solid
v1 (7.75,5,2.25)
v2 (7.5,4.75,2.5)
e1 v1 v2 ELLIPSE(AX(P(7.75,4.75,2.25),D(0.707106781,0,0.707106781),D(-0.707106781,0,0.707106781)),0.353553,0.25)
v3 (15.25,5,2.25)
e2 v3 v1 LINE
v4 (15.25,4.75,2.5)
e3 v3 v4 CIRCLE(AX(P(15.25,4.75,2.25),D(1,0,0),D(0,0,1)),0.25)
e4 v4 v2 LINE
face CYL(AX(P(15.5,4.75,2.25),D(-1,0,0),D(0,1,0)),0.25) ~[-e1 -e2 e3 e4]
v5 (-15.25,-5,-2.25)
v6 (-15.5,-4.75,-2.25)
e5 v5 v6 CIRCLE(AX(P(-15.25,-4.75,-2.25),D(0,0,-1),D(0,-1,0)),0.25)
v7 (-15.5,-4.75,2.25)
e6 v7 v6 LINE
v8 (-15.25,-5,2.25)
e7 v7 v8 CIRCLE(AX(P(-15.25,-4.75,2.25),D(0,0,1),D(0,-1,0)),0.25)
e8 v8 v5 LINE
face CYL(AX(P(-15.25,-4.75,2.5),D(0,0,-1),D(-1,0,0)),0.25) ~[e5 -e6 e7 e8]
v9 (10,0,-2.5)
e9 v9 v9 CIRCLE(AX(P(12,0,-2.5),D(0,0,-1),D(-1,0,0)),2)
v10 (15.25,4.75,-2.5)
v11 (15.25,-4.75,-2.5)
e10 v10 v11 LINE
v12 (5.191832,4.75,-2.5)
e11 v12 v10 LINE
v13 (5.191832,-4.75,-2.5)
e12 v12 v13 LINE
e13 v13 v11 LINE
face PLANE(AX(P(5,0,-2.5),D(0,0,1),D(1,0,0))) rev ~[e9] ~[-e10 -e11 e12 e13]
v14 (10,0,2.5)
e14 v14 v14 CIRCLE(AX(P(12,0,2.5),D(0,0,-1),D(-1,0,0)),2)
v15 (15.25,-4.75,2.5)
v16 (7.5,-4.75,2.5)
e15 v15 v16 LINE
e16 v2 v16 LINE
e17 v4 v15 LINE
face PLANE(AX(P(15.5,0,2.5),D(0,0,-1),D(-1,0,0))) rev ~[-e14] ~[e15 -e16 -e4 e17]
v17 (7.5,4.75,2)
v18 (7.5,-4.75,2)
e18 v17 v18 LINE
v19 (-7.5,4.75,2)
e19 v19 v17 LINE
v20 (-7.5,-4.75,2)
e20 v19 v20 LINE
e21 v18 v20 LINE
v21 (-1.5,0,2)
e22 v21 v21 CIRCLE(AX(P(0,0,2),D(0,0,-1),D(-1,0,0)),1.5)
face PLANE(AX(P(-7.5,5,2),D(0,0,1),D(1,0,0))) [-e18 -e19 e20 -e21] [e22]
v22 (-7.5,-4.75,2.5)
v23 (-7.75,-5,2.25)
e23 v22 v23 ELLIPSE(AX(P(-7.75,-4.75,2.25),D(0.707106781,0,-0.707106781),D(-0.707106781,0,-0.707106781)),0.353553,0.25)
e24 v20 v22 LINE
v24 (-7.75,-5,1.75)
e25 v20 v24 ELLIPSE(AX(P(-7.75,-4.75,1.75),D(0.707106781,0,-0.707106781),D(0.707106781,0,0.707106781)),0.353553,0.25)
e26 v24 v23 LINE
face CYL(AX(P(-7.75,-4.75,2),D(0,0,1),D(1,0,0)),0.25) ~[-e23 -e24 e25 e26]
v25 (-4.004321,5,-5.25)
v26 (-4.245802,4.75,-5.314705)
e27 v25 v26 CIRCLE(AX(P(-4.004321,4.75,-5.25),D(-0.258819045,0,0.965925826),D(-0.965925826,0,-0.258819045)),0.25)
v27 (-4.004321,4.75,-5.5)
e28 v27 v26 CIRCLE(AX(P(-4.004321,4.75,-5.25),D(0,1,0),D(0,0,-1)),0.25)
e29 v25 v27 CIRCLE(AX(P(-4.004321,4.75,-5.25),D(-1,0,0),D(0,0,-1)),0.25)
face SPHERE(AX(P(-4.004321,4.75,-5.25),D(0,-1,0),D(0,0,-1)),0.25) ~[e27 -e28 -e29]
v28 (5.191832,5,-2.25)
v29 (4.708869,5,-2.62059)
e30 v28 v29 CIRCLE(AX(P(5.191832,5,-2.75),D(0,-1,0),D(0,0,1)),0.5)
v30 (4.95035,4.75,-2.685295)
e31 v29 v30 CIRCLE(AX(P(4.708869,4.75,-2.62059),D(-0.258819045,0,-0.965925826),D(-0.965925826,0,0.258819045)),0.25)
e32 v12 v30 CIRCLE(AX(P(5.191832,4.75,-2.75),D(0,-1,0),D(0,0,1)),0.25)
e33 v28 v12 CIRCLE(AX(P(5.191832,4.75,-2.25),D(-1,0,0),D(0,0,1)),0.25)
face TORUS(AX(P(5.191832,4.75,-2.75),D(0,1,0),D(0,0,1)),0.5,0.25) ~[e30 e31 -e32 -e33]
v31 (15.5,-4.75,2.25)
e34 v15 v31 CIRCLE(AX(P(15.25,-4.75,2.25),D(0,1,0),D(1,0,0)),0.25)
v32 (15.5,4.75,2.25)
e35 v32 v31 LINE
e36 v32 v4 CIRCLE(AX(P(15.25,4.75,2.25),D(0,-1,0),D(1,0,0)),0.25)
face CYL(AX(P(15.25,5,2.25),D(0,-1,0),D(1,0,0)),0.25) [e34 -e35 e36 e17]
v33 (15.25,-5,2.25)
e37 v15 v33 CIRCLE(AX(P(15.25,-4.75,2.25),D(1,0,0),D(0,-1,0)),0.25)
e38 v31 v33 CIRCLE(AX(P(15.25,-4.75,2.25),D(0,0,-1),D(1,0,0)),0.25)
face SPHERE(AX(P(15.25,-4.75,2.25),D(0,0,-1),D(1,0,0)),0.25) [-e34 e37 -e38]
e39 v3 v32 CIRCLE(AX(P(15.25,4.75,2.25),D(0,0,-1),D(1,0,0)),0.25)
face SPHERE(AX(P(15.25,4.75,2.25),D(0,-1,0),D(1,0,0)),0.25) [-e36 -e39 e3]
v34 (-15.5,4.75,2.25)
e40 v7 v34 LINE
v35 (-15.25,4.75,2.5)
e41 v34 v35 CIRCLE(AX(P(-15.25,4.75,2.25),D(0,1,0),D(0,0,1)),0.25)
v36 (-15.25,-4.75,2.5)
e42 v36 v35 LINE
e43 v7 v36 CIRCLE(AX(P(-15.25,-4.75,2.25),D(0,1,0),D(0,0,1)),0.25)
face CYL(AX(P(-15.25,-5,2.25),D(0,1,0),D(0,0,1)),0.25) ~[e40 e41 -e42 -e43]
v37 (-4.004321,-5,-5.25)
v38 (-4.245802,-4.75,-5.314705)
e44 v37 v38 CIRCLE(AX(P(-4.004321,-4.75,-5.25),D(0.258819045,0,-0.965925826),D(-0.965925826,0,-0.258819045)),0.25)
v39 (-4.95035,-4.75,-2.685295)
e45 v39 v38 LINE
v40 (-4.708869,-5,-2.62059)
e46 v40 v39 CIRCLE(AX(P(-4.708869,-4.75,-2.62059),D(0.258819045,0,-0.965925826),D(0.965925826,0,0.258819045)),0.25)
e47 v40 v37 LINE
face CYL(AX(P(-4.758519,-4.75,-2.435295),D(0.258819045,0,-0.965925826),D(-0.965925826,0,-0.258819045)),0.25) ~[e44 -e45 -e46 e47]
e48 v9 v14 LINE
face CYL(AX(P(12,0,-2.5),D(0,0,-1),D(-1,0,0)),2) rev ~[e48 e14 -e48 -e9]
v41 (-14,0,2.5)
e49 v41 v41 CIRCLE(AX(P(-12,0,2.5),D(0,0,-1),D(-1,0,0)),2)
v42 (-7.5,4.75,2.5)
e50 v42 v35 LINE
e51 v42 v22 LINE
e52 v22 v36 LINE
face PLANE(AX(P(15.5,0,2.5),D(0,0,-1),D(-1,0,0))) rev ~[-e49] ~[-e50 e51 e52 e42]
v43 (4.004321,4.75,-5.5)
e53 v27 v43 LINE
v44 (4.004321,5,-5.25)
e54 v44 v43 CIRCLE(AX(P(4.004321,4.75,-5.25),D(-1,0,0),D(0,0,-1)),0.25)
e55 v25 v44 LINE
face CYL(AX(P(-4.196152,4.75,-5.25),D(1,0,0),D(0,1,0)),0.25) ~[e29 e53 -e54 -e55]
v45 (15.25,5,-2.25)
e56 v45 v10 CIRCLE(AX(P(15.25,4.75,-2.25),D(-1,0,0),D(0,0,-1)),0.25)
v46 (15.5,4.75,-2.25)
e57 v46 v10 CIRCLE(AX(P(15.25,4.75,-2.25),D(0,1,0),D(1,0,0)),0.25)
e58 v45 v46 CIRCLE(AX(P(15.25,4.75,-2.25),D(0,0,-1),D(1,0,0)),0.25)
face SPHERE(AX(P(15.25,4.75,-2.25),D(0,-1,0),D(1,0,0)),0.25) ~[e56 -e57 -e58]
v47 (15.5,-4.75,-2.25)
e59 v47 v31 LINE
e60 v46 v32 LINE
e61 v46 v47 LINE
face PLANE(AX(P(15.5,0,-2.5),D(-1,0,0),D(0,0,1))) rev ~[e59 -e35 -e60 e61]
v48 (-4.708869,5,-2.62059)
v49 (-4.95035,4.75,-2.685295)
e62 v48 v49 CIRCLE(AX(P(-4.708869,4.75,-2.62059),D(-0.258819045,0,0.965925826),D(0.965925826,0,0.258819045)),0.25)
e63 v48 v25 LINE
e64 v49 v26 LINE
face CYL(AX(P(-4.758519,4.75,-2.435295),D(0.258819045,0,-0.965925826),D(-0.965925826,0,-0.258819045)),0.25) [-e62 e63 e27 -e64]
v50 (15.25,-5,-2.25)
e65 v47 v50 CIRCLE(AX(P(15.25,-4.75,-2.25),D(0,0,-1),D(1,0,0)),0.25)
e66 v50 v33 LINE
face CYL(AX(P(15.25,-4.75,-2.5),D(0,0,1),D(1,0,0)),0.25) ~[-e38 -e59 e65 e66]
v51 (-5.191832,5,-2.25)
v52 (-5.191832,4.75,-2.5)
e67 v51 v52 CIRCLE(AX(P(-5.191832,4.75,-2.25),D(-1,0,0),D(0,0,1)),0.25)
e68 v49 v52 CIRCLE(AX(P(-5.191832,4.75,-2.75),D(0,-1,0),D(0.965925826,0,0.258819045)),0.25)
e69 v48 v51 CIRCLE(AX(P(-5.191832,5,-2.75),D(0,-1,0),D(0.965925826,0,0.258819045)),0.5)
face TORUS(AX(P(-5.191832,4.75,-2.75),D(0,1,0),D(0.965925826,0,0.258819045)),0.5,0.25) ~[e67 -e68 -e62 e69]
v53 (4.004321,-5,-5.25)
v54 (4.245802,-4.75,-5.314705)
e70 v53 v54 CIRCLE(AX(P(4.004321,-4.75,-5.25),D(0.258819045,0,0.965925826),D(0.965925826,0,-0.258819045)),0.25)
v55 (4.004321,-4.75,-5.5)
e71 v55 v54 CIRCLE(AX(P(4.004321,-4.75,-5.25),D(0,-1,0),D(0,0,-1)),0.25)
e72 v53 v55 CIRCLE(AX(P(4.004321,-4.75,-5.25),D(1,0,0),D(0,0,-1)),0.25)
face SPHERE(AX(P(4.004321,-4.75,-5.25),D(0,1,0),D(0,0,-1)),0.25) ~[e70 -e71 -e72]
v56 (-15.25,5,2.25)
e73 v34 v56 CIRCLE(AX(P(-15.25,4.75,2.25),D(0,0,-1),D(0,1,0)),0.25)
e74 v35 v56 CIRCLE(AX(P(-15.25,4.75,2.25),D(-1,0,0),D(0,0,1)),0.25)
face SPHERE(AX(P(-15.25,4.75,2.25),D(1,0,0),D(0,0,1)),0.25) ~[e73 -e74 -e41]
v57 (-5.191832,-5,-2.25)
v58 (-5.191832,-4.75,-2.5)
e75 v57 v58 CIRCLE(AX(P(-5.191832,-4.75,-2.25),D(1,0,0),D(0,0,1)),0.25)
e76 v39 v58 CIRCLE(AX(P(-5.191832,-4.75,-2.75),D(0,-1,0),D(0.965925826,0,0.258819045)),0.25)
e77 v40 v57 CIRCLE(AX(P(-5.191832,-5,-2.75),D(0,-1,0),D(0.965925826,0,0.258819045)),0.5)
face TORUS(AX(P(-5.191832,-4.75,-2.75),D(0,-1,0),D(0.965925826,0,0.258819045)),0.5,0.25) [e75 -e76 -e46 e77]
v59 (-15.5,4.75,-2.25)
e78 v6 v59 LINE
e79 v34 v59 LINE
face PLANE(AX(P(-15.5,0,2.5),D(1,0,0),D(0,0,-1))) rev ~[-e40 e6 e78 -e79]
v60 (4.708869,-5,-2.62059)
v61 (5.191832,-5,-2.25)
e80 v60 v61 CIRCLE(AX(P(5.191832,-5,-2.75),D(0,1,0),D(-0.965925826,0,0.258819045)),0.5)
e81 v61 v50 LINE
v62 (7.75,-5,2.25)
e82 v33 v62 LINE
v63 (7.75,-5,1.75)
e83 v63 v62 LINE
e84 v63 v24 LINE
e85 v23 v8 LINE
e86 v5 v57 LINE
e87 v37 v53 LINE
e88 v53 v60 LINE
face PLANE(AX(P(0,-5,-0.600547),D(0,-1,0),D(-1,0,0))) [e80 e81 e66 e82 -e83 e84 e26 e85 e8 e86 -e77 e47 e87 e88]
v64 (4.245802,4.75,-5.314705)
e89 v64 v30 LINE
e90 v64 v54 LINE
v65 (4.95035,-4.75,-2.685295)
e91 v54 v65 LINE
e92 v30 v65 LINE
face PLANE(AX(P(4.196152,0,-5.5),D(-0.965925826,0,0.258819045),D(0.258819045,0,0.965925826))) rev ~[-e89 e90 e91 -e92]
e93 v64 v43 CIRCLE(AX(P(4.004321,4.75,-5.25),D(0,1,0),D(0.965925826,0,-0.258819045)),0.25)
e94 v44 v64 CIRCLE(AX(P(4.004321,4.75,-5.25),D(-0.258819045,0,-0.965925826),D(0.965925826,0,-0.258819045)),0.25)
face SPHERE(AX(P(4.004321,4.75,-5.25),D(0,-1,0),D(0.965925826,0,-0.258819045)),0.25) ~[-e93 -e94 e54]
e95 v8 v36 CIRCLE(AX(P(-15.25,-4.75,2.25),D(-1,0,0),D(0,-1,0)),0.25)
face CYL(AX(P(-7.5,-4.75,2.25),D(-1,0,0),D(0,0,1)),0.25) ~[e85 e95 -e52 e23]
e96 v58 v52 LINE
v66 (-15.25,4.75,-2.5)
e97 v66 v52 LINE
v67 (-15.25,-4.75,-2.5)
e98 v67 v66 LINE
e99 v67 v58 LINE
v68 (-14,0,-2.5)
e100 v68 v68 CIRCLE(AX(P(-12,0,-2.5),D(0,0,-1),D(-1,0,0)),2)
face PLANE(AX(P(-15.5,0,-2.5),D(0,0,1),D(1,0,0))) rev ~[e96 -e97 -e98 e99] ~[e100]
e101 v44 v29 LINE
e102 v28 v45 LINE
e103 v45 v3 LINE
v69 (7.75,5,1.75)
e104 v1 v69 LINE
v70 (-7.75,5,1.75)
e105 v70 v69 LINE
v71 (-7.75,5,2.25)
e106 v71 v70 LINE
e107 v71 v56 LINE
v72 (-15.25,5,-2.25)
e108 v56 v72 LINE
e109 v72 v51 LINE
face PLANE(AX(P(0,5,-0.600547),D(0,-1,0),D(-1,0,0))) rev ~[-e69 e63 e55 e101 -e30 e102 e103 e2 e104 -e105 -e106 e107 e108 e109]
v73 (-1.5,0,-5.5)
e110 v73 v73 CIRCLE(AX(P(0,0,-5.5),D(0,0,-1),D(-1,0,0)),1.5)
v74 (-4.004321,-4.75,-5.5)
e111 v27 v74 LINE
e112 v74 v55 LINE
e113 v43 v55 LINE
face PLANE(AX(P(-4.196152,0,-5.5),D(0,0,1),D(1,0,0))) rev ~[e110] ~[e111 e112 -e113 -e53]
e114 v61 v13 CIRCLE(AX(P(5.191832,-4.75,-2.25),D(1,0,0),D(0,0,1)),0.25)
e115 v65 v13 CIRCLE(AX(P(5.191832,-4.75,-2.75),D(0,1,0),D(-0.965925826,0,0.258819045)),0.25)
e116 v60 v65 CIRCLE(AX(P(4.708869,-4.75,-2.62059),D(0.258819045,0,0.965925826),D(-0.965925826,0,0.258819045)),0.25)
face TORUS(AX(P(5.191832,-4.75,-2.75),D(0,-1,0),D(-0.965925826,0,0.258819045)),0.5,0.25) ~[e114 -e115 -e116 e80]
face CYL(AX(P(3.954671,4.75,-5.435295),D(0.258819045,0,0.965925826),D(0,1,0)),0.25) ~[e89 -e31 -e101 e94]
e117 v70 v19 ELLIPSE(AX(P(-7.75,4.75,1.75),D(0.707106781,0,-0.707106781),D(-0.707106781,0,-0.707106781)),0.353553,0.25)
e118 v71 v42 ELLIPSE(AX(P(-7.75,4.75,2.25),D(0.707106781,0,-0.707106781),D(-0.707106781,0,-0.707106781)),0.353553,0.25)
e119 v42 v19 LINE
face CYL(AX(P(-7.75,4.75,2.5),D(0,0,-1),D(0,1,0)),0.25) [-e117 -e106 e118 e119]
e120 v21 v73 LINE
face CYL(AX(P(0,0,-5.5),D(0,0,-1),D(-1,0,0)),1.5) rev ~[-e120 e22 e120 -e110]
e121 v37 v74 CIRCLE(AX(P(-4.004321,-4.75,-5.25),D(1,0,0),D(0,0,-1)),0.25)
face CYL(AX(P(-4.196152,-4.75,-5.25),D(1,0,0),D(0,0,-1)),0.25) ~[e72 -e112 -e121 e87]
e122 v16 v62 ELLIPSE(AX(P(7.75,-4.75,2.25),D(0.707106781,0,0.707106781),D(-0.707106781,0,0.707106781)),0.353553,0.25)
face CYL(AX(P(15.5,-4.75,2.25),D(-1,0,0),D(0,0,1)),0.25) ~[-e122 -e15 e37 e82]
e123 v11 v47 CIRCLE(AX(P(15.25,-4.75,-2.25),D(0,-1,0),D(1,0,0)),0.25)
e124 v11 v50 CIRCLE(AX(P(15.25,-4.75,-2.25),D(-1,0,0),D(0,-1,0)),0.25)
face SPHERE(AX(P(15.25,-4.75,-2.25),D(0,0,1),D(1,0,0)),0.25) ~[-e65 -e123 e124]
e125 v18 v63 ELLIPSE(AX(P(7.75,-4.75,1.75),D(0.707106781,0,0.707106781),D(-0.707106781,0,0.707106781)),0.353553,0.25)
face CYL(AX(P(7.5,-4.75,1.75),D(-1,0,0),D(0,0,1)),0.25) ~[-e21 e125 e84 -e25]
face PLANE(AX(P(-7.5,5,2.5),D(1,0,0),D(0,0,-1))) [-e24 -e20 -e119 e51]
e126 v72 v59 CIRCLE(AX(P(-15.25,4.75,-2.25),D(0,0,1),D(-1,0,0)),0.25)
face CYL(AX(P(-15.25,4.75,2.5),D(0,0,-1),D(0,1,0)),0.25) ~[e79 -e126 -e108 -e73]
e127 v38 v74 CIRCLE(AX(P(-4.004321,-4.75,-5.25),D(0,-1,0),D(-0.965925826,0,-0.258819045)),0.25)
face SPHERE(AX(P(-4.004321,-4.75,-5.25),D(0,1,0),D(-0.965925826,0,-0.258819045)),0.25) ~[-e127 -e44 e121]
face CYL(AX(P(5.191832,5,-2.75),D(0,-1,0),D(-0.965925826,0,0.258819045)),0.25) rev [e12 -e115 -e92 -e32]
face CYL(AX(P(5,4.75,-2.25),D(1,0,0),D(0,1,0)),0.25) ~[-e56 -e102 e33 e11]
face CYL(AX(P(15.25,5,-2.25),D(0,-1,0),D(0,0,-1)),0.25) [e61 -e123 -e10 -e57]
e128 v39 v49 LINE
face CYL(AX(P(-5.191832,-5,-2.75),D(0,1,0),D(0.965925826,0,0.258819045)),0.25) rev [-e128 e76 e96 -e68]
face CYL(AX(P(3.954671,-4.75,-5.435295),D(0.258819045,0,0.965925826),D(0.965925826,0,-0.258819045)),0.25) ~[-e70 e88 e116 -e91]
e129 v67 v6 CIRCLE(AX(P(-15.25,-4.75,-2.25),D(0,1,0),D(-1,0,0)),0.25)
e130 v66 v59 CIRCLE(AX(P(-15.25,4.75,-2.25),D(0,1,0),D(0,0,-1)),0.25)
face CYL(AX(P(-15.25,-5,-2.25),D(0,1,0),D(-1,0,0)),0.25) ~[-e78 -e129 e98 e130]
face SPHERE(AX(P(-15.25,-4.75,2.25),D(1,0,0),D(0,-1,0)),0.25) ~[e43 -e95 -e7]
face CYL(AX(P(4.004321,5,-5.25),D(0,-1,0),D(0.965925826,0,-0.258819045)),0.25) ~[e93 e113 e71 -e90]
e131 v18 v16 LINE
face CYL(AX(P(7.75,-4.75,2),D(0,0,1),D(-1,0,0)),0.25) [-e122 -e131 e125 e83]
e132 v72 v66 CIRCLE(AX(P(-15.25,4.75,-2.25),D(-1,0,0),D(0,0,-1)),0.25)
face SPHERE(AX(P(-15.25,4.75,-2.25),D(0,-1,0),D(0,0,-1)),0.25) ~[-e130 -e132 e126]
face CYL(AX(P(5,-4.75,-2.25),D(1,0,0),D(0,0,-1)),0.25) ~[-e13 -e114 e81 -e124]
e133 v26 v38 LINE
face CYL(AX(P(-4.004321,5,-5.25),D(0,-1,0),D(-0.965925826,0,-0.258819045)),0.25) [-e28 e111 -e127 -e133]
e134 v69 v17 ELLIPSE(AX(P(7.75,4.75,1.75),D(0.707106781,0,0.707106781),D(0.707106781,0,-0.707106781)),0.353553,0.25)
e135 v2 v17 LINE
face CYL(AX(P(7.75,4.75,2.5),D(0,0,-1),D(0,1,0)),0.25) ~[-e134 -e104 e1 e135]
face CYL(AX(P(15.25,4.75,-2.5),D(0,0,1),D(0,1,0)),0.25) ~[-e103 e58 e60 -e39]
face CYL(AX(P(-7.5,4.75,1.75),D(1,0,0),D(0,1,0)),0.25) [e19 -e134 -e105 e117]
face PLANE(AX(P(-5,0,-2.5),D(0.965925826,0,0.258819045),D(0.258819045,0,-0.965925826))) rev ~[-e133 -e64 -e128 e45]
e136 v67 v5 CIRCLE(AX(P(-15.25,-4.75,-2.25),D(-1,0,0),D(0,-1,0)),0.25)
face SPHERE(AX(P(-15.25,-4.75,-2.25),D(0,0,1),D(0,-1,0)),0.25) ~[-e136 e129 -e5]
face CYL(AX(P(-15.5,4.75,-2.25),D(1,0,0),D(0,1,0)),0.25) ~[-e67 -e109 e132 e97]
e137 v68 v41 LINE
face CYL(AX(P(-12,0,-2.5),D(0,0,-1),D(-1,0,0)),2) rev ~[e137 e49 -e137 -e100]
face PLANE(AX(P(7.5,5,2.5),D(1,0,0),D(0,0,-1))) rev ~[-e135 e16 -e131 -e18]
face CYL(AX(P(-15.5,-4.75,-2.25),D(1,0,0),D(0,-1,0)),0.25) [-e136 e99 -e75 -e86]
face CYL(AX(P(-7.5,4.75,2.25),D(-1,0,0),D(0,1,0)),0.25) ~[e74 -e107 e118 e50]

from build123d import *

# Parameters (mm, degrees)
BOSS_EXTRUDE1_DEPTH = 5
SKETCH2_W           = 15
SKETCH2_H           = 0.5
CUT_EXTRUDE1_DEPTH  = 20.248376555
SKETCH3_R           = 1.5
SKETCH3_R_2         = 2
CUT_EXTRUDE2_DEPTH  = 18.036725037
SKETCH4_R           = 1.5
CUT_EXTRUDE3_DEPTH  = 19.145247312
FILLET1_R           = 0.25


with BuildPart() as part:
    # Sketch1 → Boss-Extrude1 (new, symmetric)
    with BuildSketch(Plane(origin=(0, 0, 0), x_dir=(1, 0, 0), z_dir=(0, 1, 0))):
        Polygon((-5, 2.5), (-4.196152423, 5.5), (4.196152423, 5.5), (5, 2.5), (15.5, 2.5), (15.5, -2.5), (-15.5, -2.5), (-15.5, 2.5), align=None)
    extrude(amount=BOSS_EXTRUDE1_DEPTH, both=True)

    # Sketch2 → Cut-Extrude1 (cut, through all)
    with BuildSketch(Plane(origin=(0, 5, 0), x_dir=(1, 0, 0), z_dir=(0, 1, 0))):
        with Locations((0, -2.25)):
            Rectangle(SKETCH2_W, SKETCH2_H)
    extrude(amount=-CUT_EXTRUDE1_DEPTH, mode=Mode.SUBTRACT)

    # Sketch3 → Cut-Extrude2 (cut, through all)
    with BuildSketch(Plane(origin=(0, 0, -2.5), x_dir=(-1, 0, 0), z_dir=(0, 0, -1))):
        Circle(SKETCH3_R)
        with Locations((12, 0)):
            Circle(SKETCH3_R_2)
        with Locations((-12, 0)):
            Circle(SKETCH3_R_2)
    extrude(amount=-CUT_EXTRUDE2_DEPTH, mode=Mode.SUBTRACT)

    # Sketch4 → Cut-Extrude3 (cut, through all)
    with BuildSketch(Plane(origin=(0, 0, -5.5), x_dir=(-1, 0, 0), z_dir=(0, 0, -1))):
        Circle(SKETCH4_R)
    extrude(amount=-CUT_EXTRUDE3_DEPTH, mode=Mode.SUBTRACT)

    # Fillet1
    fillet1_edges = [part.edges().sort_by_distance(p)[0] for p in [
        (15.5, -5, 0),
        (-11.5, -5, 2.5),
        (-15.5, -5, 0),
        (-10.25, -5, -2.5),
        (-11.5, 5, 2.5),
        (-5, 0, -2.5),
        (-4.196152423, 0, -5.5),
        (4.196152423, 0, -5.5),
        (5, 0, -2.5),
        (15.5, 0, -2.5),
        (15.5, 0, 2.5),
        (-15.5, 0, 2.5),
        (-15.5, 0, -2.5),
        (15.5, 5, 0),
        (10.25, 5, -2.5),
        (4.598076211, 5, -4),
        (11.5, -5, 2.5),
        (11.5, 5, 2.5),
        (0, 5, -5.5),
        (-7.5, -5, 2.25),
        (0, -5, 2),
        (7.5, -5, 2.25),
        (-7.5, 5, 2.25),
        (-4.598076211, 5, -4),
        (7.5, 5, 2.25),
        (0, 5, 2),
        (-10.25, 5, -2.5),
        (-4.598076211, -5, -4),
        (-15.5, 5, 0),
        (0, -5, -5.5),
        (4.598076211, -5, -4),
        (10.25, -5, -2.5),
    ]]
    fillet(fillet1_edges, radius=FILLET1_R)


solid = part.part
